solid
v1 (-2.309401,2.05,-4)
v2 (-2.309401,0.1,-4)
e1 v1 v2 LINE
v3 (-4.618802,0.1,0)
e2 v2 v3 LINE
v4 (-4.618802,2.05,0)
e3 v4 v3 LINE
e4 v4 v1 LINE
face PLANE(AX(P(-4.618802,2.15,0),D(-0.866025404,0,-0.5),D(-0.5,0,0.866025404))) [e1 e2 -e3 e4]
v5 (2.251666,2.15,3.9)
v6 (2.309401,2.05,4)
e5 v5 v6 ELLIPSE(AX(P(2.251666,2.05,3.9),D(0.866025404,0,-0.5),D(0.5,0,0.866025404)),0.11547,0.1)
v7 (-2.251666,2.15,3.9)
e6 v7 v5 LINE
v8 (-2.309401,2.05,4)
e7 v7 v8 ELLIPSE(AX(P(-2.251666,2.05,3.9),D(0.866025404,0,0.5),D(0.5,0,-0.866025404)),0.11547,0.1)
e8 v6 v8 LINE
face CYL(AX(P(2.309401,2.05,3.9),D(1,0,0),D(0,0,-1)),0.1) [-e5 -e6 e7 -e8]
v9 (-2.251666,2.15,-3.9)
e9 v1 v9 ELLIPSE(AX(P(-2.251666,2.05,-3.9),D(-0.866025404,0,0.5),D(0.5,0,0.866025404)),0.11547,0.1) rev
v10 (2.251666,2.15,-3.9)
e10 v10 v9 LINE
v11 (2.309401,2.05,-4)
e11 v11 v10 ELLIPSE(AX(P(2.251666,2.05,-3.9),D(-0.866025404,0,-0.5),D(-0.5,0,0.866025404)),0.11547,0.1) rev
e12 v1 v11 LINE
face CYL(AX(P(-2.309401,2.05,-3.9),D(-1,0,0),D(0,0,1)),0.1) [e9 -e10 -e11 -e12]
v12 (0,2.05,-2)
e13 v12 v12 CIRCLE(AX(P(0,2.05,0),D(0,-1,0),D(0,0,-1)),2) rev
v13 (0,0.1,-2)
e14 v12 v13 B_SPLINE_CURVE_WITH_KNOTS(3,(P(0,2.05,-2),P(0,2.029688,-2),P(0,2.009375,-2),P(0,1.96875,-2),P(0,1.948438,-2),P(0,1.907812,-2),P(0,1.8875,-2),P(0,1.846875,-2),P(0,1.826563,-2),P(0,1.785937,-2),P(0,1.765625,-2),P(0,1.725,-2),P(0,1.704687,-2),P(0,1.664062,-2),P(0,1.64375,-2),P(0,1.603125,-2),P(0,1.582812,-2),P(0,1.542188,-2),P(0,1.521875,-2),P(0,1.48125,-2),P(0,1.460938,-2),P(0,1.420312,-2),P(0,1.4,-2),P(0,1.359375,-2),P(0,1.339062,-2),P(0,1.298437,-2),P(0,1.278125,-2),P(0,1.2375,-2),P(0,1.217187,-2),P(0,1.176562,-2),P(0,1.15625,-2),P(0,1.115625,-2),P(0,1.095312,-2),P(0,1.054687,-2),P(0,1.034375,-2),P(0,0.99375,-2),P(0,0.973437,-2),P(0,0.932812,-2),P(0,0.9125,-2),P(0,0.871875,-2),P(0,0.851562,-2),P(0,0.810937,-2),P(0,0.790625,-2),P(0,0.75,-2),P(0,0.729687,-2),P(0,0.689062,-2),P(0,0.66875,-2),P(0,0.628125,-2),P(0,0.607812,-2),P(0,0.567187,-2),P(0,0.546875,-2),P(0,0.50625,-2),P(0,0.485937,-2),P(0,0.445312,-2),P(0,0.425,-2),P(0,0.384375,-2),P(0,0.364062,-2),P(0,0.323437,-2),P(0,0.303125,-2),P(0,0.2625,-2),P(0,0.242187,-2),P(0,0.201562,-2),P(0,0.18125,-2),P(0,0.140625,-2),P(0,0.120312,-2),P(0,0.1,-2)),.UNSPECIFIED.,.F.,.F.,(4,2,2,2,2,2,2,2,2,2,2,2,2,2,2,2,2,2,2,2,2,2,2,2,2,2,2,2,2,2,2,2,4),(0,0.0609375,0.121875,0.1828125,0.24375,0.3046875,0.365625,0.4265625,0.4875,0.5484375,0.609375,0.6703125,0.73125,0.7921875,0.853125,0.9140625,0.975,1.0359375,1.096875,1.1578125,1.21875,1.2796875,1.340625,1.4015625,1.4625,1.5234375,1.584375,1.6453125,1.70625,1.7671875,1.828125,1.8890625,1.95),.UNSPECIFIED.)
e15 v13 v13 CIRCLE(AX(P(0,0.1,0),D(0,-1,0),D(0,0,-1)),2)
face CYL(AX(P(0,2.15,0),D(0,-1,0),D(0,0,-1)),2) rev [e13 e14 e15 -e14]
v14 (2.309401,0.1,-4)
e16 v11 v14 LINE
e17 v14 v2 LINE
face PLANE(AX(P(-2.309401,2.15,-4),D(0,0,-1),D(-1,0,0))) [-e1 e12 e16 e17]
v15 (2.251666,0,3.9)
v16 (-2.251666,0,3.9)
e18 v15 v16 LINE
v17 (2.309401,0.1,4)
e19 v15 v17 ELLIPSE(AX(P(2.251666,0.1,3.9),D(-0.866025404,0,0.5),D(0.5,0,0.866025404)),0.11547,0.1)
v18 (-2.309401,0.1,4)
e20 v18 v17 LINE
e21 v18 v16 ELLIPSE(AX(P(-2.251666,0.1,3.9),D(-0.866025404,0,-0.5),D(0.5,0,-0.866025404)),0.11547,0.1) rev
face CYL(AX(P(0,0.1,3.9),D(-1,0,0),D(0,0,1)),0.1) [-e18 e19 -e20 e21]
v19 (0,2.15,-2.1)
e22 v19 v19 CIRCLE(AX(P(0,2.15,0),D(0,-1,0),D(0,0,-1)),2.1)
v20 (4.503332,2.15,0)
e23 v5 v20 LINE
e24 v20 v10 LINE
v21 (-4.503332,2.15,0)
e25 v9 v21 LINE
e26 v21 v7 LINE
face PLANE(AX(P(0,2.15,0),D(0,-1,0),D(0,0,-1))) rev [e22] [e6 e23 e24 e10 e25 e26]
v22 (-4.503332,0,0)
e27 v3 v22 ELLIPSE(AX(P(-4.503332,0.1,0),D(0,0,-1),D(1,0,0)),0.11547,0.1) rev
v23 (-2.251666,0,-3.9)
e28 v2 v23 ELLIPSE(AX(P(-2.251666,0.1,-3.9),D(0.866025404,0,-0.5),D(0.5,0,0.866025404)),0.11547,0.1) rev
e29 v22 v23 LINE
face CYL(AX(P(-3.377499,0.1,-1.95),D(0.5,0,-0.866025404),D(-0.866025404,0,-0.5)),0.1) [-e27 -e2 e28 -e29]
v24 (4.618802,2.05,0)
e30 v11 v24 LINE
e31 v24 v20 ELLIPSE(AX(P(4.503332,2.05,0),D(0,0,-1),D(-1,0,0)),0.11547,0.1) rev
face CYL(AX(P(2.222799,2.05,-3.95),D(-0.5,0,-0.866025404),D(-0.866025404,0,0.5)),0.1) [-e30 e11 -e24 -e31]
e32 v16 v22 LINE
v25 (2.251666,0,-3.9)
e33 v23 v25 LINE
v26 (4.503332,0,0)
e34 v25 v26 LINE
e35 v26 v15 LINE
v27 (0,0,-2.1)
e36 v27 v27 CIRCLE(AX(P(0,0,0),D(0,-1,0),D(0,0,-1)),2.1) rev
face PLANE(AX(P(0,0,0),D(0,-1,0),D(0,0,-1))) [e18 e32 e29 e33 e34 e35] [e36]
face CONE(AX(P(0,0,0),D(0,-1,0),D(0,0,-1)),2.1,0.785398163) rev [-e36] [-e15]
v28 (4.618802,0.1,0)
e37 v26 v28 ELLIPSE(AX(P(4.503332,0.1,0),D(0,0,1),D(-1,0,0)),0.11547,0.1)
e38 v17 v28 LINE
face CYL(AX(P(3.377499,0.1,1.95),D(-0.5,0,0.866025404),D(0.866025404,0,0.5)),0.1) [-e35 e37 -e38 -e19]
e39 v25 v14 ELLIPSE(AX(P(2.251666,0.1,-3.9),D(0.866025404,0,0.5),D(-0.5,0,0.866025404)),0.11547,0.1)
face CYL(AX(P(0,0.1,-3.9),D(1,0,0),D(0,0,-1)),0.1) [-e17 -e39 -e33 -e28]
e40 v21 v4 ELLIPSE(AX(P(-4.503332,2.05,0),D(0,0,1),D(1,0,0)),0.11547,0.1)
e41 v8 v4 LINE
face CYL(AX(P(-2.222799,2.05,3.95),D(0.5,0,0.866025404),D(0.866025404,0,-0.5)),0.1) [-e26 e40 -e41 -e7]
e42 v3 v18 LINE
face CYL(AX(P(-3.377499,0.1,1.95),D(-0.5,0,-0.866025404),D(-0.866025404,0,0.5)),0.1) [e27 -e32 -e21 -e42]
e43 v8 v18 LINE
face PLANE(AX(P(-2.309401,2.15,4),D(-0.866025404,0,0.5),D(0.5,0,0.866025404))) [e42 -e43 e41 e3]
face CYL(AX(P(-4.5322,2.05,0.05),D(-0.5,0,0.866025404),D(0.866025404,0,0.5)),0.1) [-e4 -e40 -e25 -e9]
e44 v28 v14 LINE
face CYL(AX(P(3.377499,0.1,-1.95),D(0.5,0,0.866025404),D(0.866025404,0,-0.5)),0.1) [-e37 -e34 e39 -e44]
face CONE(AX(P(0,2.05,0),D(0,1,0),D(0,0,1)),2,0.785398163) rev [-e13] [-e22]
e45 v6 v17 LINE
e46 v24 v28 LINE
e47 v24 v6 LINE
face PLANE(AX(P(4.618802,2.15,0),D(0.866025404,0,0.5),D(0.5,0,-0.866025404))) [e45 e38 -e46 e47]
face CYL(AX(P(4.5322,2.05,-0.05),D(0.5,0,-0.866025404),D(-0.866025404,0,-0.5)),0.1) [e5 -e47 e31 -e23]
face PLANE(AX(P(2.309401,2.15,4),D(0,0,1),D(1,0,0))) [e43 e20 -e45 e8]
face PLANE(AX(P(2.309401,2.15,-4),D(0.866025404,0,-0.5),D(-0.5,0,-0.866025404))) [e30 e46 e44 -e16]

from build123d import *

# Parameters (mm, degrees)
SKETCH1_R           = 2
BOSS_EXTRUDE1_DEPTH = 2.15
FILLET1_R           = 0.1
CHAMFER1_SIZE       = 0.1


with BuildPart() as part:
    # Sketch1 → Boss-Extrude1 (new body)
    with BuildSketch(Plane(origin=(0, 0, 0), x_dir=(1, 0, 0), z_dir=(0, 1, 0))):
        Polygon((-2.309401077, 4), (2.309401077, 4), (4.618802154, 0), (2.309401077, -4), (-2.309401077, -4), (-4.618802154, 0), align=None)
        with Locations(Location((0, 0, 0), (0, 0, 90))):
            Circle(SKETCH1_R, mode=Mode.SUBTRACT)
    extrude(amount=BOSS_EXTRUDE1_DEPTH)

    # Fillet1
    fillet1_edges = [part.edges().sort_by_distance(p)[0] for p in [
        (3.464101615, 2.15, -2),
        (3.464101615, 2.15, 2),
        (0, 2.15, 4),
        (-3.464101615, 2.15, 2),
        (-3.464101615, 2.15, -2),
        (-3.464101615, 0, 2),
        (0, 0, 4),
        (3.464101615, 0, 2),
        (3.464101615, 0, -2),
        (0, 0, -4),
        (-3.464101615, 0, -2),
        (0, 2.15, -4),
    ]]
    fillet(fillet1_edges, radius=FILLET1_R)

    # Chamfer1
    chamfer1_edges = [part.edges().sort_by_distance(p)[0] for p in [
        (0, 0, 2),
        (0, 2.15, 2),
    ]]
    chamfer(chamfer1_edges, length=CHAMFER1_SIZE)


solid = part.part
